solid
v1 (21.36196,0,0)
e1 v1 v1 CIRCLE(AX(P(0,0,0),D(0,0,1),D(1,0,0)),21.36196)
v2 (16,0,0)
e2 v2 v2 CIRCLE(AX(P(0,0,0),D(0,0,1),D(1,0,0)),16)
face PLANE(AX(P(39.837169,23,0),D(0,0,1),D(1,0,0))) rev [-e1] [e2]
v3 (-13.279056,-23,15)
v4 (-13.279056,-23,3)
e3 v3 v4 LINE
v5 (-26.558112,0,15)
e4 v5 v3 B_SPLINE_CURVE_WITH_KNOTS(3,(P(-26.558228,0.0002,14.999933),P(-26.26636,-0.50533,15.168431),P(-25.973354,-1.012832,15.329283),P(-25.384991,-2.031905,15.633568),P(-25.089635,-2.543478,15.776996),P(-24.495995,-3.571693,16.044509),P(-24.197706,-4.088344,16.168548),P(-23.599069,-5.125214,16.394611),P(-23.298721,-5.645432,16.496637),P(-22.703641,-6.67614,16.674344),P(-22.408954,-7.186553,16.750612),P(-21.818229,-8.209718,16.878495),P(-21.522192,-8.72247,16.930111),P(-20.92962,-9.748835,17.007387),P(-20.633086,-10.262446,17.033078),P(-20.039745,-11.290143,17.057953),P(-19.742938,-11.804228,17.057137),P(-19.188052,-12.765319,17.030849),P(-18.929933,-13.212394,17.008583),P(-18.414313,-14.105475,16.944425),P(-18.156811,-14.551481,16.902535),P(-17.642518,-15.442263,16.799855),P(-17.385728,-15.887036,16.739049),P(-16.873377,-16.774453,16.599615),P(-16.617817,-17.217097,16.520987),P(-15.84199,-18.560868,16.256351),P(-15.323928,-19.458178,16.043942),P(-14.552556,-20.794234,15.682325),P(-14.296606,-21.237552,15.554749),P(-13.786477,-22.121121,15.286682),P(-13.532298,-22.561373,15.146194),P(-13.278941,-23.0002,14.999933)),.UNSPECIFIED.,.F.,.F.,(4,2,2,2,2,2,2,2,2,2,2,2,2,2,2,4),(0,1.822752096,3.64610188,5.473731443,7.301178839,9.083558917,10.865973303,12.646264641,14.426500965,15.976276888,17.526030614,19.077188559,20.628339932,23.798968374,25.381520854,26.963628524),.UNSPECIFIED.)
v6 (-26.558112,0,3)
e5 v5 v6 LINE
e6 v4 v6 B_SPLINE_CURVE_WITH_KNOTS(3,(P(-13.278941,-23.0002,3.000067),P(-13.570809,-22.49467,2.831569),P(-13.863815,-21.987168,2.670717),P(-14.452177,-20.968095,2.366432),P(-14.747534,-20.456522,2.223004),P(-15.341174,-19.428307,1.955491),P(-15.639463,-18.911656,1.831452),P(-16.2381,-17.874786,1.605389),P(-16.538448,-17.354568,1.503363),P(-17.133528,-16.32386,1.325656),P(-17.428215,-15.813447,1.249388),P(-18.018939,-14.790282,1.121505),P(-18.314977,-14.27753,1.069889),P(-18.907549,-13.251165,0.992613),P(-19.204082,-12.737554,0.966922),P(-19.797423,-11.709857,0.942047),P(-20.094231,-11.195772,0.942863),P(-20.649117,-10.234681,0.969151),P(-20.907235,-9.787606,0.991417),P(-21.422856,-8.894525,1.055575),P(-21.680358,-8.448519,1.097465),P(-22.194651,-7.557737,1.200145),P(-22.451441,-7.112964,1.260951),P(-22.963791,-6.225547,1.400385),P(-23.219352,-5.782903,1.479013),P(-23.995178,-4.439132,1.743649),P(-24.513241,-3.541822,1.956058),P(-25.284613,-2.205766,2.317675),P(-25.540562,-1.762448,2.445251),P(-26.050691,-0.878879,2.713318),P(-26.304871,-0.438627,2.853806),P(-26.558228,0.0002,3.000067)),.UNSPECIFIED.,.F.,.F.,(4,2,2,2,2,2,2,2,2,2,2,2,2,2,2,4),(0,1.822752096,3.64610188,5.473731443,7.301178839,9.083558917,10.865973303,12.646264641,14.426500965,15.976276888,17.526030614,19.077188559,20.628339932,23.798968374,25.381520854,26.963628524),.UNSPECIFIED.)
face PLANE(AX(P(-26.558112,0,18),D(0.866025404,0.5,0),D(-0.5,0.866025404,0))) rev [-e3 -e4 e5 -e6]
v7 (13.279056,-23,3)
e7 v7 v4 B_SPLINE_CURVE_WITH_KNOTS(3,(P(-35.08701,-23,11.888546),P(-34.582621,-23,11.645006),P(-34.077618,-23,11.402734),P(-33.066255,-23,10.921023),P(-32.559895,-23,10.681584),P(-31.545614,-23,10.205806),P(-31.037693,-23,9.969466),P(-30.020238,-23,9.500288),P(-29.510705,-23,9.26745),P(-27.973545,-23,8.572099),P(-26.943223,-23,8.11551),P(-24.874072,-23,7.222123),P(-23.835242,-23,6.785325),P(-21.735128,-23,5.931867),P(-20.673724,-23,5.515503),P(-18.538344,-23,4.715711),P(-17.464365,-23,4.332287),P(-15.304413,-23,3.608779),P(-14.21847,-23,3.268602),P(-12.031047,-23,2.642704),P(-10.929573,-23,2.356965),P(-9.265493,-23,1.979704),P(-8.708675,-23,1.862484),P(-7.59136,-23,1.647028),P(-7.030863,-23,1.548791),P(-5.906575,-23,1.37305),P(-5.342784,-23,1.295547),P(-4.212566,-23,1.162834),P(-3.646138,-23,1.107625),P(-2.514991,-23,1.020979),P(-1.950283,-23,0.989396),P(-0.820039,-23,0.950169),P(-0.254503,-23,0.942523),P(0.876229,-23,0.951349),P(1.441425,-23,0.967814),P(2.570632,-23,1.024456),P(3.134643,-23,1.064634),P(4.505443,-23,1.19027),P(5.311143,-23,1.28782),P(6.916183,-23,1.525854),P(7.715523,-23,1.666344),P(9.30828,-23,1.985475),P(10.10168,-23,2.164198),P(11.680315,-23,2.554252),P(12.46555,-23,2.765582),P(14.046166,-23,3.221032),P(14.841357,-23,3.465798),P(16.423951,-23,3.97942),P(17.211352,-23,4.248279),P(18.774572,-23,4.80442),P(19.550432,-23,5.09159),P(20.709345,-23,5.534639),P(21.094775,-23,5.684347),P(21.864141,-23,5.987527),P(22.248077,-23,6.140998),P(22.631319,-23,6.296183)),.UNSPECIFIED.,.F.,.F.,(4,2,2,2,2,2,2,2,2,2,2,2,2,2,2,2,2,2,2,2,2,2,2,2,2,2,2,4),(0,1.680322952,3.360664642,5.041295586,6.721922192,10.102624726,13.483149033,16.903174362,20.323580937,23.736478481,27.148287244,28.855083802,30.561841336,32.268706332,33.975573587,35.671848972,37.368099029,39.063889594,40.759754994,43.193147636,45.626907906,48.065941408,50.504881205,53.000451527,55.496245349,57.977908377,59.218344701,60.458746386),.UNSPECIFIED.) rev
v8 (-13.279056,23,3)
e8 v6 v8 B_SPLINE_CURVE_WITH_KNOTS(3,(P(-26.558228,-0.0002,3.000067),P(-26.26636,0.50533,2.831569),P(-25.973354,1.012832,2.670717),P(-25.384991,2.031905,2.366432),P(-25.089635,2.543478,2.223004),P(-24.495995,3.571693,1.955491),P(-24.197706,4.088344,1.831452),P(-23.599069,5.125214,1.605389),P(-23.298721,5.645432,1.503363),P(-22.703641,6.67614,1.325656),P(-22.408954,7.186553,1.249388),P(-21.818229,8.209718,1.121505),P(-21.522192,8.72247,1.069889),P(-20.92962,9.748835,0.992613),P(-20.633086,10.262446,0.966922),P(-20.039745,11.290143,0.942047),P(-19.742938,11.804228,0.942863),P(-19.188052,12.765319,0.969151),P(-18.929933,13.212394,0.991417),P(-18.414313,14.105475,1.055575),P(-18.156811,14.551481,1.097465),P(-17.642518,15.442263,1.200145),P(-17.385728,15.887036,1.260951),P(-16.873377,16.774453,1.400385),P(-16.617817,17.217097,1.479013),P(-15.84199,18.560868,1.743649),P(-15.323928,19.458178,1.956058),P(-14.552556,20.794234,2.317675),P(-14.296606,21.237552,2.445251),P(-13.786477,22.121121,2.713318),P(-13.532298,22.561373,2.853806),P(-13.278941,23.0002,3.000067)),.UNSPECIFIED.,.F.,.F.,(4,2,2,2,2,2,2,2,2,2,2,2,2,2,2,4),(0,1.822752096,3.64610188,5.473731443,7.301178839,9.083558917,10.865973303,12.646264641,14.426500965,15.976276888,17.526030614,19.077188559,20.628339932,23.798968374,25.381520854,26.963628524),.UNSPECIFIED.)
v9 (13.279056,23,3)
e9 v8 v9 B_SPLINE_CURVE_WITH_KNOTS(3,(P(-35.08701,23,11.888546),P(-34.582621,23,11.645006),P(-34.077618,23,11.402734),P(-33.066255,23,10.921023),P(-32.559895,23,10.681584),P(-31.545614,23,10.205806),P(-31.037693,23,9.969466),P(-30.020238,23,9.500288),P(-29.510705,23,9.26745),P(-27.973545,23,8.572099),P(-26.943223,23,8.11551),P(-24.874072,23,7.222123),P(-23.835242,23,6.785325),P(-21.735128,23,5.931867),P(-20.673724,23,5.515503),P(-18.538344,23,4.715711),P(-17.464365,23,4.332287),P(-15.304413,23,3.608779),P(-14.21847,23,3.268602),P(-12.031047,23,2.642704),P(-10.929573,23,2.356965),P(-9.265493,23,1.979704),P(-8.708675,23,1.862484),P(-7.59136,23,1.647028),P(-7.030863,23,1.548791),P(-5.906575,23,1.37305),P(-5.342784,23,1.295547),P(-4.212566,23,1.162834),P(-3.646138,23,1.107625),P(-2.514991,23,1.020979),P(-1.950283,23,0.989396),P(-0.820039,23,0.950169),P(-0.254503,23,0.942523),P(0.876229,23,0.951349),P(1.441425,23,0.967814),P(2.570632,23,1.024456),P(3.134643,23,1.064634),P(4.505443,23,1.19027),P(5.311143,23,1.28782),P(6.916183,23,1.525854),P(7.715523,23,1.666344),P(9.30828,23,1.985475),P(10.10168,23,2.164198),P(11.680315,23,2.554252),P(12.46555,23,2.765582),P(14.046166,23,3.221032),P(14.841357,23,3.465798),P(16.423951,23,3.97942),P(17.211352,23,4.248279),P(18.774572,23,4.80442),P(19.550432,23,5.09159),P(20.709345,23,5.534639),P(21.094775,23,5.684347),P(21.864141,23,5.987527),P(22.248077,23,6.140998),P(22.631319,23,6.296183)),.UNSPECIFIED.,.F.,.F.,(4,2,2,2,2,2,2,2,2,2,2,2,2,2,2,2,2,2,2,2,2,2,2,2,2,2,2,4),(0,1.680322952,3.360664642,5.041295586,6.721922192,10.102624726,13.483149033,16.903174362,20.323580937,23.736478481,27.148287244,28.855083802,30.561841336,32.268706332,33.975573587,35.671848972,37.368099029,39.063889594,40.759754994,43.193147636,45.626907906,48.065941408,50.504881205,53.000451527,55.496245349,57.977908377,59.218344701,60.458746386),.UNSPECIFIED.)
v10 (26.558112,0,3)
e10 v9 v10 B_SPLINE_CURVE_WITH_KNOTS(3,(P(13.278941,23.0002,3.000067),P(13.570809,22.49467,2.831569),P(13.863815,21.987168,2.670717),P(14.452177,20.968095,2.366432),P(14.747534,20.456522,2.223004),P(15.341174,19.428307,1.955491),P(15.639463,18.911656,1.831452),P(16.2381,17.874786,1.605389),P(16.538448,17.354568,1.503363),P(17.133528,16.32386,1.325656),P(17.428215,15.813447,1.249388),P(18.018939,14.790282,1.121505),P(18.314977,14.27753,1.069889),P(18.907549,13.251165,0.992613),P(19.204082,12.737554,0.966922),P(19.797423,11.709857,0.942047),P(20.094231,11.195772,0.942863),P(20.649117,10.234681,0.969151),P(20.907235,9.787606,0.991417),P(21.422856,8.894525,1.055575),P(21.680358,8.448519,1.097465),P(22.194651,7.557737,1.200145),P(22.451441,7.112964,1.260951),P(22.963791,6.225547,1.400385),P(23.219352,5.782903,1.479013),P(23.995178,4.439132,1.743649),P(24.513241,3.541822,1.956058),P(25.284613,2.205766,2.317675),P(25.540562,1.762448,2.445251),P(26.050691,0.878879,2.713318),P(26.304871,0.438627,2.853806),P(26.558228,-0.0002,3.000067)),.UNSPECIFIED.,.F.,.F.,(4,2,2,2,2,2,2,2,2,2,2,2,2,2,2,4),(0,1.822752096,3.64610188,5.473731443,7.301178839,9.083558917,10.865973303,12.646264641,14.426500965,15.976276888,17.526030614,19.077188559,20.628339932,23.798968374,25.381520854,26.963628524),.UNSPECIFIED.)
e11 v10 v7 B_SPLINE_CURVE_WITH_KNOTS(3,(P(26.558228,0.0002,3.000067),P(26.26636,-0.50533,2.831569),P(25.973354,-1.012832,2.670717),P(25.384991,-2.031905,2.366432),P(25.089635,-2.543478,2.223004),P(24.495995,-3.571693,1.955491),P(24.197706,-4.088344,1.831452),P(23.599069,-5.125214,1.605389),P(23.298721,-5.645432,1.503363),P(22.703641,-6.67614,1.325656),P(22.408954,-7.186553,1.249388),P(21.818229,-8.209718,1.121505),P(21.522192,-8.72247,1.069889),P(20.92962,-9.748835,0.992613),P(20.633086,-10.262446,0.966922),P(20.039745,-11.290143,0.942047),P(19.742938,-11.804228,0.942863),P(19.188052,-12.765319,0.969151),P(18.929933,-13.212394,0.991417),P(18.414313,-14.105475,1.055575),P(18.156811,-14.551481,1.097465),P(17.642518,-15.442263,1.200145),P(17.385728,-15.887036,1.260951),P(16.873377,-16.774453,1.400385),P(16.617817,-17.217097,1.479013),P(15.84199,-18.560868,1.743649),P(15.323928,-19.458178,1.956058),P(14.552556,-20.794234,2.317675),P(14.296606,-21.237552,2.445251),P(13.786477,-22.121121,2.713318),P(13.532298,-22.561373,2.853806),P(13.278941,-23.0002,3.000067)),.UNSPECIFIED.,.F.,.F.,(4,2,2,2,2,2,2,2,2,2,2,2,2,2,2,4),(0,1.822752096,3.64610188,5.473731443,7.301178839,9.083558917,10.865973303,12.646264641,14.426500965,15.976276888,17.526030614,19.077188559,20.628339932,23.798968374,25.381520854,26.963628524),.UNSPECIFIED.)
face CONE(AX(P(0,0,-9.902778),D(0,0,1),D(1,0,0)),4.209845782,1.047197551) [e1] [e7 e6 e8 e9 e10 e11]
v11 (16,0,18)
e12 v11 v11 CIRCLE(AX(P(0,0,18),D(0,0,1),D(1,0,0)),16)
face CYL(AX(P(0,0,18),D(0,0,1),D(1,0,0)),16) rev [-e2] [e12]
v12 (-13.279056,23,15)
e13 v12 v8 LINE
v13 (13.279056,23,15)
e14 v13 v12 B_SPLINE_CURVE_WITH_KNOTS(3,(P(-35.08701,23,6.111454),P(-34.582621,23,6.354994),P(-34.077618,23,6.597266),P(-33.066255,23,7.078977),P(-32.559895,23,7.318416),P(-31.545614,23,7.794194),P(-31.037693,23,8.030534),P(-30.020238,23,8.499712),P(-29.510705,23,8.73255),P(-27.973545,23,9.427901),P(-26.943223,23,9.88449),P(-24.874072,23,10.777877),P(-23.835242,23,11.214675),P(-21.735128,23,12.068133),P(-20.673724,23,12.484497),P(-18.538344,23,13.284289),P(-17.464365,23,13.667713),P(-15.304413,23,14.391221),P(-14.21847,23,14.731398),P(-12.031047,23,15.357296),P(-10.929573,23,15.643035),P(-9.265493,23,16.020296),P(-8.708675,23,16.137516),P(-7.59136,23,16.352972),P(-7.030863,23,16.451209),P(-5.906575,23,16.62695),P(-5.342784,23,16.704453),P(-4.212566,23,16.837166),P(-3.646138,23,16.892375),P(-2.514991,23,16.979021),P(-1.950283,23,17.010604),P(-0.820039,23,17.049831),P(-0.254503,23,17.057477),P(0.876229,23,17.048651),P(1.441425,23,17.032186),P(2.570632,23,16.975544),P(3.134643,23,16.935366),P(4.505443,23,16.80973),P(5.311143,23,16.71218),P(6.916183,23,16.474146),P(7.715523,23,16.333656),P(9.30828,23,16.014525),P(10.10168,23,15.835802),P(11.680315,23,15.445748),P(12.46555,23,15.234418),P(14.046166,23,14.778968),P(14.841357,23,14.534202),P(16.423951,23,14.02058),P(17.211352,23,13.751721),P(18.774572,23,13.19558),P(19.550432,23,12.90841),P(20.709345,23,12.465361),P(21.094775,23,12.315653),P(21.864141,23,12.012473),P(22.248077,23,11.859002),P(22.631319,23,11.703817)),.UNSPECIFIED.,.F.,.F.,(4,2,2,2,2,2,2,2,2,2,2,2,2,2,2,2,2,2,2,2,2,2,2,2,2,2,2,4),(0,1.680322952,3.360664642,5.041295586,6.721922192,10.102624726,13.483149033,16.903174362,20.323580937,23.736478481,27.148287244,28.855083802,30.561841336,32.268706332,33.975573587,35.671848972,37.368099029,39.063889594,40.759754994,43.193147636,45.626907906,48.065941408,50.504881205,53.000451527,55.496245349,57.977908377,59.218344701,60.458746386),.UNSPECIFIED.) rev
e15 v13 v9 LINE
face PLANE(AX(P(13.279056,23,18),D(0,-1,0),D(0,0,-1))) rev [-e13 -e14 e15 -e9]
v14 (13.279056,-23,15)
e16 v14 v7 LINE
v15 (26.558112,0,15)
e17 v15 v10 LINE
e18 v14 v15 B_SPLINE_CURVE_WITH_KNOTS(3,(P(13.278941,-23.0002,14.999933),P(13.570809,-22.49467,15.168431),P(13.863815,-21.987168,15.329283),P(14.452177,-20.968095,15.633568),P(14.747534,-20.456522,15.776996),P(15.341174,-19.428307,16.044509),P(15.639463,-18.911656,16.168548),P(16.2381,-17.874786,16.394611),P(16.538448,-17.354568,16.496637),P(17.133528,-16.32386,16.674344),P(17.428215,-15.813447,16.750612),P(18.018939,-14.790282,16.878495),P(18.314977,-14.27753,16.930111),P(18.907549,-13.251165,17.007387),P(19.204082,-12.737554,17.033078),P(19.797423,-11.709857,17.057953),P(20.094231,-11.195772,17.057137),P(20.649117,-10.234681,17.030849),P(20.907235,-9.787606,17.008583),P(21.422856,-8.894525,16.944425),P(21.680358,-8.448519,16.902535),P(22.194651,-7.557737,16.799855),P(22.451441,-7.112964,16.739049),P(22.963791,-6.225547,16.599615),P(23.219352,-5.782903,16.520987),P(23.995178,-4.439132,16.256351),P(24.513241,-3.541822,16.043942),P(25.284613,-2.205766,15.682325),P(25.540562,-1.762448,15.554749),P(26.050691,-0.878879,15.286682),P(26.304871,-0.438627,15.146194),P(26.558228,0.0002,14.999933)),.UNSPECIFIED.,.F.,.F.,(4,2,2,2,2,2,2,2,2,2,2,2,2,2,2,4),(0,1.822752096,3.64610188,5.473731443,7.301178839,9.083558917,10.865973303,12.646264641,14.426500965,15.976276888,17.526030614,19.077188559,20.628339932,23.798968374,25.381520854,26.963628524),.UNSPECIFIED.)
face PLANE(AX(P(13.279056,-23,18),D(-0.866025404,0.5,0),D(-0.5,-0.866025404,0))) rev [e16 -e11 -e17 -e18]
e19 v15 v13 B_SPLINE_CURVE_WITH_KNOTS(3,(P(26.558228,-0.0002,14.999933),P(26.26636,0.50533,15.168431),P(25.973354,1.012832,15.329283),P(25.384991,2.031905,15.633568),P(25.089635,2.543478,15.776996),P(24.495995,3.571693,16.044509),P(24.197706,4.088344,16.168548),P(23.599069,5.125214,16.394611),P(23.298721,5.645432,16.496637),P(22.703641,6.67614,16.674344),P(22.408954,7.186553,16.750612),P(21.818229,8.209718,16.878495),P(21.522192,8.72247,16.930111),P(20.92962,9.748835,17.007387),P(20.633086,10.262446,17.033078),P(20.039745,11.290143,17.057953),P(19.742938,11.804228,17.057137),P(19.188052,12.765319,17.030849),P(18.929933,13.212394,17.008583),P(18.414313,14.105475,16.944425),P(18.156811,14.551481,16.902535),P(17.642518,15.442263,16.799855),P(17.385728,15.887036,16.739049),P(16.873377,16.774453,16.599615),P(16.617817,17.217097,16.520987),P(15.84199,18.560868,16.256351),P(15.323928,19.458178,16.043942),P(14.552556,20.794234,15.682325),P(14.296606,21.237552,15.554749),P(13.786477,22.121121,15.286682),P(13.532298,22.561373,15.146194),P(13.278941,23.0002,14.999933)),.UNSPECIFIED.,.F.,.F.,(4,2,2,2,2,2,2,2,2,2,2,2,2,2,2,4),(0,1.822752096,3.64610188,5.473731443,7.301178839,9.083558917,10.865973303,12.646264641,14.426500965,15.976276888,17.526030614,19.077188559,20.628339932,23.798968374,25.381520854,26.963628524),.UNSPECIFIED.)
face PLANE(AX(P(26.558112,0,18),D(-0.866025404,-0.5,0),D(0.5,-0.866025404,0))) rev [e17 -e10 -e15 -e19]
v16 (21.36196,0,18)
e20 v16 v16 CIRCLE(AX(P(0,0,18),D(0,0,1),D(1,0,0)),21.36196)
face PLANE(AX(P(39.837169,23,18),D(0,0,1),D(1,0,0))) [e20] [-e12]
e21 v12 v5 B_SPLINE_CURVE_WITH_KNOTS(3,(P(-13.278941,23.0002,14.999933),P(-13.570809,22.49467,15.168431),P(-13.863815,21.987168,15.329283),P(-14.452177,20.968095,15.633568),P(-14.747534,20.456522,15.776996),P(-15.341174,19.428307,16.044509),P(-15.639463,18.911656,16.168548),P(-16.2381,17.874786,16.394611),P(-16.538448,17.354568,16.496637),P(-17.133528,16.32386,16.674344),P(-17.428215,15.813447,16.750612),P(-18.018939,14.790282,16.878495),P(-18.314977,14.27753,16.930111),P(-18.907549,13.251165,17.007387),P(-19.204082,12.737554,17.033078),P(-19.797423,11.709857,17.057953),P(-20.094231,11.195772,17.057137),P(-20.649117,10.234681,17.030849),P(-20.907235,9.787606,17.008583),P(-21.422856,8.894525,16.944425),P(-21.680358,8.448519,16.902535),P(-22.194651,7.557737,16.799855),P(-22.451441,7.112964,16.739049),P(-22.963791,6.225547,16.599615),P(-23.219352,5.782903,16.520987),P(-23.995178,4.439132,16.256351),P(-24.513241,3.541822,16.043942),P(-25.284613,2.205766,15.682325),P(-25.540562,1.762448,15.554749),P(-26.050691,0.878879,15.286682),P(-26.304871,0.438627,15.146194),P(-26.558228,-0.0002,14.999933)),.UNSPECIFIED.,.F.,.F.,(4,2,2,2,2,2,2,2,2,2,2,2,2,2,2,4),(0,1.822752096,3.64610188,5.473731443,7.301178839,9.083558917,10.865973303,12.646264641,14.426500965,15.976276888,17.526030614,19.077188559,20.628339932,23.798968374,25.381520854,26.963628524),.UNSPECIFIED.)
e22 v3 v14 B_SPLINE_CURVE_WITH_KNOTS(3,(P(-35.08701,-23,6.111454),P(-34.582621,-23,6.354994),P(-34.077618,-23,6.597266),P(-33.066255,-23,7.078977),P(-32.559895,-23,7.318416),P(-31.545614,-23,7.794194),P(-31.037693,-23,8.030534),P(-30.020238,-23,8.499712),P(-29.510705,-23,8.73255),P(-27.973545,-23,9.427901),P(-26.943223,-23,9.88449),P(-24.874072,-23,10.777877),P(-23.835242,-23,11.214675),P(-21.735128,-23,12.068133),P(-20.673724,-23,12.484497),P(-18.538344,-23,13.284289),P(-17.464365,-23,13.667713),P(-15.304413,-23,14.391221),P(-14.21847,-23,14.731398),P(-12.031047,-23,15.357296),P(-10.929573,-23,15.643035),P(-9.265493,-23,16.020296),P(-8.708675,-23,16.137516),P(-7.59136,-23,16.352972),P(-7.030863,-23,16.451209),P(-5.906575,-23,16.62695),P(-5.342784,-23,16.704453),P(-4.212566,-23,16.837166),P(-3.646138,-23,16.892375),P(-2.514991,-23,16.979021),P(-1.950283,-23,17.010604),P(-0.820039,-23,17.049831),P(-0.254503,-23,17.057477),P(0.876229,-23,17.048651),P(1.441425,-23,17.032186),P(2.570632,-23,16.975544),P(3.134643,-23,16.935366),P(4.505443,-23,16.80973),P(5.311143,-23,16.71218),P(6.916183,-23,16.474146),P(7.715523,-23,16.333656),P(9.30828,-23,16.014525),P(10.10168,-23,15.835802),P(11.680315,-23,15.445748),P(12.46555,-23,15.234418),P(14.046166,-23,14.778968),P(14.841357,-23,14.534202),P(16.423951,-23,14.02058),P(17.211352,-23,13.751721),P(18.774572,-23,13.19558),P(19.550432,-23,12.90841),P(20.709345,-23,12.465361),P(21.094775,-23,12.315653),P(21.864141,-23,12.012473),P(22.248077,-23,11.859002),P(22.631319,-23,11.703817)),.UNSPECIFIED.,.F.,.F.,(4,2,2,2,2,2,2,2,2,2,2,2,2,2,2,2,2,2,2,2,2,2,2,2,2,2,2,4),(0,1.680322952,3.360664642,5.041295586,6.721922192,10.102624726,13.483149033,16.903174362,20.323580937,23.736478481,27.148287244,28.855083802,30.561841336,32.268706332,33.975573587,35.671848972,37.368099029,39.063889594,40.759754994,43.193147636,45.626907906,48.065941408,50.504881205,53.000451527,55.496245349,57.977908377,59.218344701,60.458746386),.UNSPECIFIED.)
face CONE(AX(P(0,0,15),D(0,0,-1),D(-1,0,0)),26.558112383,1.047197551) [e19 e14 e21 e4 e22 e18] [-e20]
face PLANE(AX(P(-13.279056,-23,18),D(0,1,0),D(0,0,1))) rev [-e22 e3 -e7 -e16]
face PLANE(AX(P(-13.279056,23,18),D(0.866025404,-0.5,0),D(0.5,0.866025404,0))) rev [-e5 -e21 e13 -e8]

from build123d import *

# Parameters (mm, degrees)
EXTRUDE_1_DEPTH = 18
M20X2_5_1_D     = 32
M20X2_5_1_DEPTH = 47.5
M20X2_5_1_TIP   = 9.613769904


with BuildPart() as part:
    # 草图1 → 拉伸1 (new body)
    with BuildSketch(Plane.XY):
        Polygon((26.558112383, 0), (13.279056191, 23), (-13.279056191, 23), (-26.558112383, 0), (-13.279056191, -23), (13.279056191, -23), align=None)
    extrude(amount=EXTRUDE_1_DEPTH)

    # 草图2 → 切除-旋转1 (revolve, cut)
    with BuildSketch(Plane(origin=(0, 0, 0), x_dir=(1, 0, 0), z_dir=(0, 1, 0))):
        Polygon((4.209845782, 9.902777738), (26.558112383, -3), (32.141291251, 6.670349468), align=None)
        Polygon((26.558112383, -15), (32.141291251, -24.670349468), (4.209845782, -27.902777738), align=None)
    revolve(axis=Axis((0, 0, -13.306273389), (0, 0, 1)), mode=Mode.SUBTRACT)

    # M20x2.5 螺纹孔1
    with Locations(Plane.XY.offset(18)):
        with Locations((0, 0)):
            Hole(M20X2_5_1_D / 2, depth=M20X2_5_1_DEPTH)
            with Locations((0, 0, -(M20X2_5_1_DEPTH + M20X2_5_1_TIP / 2))):  # 118° drill point
                Cone(0, M20X2_5_1_D / 2, M20X2_5_1_TIP, mode=Mode.SUBTRACT)


solid = part.part
